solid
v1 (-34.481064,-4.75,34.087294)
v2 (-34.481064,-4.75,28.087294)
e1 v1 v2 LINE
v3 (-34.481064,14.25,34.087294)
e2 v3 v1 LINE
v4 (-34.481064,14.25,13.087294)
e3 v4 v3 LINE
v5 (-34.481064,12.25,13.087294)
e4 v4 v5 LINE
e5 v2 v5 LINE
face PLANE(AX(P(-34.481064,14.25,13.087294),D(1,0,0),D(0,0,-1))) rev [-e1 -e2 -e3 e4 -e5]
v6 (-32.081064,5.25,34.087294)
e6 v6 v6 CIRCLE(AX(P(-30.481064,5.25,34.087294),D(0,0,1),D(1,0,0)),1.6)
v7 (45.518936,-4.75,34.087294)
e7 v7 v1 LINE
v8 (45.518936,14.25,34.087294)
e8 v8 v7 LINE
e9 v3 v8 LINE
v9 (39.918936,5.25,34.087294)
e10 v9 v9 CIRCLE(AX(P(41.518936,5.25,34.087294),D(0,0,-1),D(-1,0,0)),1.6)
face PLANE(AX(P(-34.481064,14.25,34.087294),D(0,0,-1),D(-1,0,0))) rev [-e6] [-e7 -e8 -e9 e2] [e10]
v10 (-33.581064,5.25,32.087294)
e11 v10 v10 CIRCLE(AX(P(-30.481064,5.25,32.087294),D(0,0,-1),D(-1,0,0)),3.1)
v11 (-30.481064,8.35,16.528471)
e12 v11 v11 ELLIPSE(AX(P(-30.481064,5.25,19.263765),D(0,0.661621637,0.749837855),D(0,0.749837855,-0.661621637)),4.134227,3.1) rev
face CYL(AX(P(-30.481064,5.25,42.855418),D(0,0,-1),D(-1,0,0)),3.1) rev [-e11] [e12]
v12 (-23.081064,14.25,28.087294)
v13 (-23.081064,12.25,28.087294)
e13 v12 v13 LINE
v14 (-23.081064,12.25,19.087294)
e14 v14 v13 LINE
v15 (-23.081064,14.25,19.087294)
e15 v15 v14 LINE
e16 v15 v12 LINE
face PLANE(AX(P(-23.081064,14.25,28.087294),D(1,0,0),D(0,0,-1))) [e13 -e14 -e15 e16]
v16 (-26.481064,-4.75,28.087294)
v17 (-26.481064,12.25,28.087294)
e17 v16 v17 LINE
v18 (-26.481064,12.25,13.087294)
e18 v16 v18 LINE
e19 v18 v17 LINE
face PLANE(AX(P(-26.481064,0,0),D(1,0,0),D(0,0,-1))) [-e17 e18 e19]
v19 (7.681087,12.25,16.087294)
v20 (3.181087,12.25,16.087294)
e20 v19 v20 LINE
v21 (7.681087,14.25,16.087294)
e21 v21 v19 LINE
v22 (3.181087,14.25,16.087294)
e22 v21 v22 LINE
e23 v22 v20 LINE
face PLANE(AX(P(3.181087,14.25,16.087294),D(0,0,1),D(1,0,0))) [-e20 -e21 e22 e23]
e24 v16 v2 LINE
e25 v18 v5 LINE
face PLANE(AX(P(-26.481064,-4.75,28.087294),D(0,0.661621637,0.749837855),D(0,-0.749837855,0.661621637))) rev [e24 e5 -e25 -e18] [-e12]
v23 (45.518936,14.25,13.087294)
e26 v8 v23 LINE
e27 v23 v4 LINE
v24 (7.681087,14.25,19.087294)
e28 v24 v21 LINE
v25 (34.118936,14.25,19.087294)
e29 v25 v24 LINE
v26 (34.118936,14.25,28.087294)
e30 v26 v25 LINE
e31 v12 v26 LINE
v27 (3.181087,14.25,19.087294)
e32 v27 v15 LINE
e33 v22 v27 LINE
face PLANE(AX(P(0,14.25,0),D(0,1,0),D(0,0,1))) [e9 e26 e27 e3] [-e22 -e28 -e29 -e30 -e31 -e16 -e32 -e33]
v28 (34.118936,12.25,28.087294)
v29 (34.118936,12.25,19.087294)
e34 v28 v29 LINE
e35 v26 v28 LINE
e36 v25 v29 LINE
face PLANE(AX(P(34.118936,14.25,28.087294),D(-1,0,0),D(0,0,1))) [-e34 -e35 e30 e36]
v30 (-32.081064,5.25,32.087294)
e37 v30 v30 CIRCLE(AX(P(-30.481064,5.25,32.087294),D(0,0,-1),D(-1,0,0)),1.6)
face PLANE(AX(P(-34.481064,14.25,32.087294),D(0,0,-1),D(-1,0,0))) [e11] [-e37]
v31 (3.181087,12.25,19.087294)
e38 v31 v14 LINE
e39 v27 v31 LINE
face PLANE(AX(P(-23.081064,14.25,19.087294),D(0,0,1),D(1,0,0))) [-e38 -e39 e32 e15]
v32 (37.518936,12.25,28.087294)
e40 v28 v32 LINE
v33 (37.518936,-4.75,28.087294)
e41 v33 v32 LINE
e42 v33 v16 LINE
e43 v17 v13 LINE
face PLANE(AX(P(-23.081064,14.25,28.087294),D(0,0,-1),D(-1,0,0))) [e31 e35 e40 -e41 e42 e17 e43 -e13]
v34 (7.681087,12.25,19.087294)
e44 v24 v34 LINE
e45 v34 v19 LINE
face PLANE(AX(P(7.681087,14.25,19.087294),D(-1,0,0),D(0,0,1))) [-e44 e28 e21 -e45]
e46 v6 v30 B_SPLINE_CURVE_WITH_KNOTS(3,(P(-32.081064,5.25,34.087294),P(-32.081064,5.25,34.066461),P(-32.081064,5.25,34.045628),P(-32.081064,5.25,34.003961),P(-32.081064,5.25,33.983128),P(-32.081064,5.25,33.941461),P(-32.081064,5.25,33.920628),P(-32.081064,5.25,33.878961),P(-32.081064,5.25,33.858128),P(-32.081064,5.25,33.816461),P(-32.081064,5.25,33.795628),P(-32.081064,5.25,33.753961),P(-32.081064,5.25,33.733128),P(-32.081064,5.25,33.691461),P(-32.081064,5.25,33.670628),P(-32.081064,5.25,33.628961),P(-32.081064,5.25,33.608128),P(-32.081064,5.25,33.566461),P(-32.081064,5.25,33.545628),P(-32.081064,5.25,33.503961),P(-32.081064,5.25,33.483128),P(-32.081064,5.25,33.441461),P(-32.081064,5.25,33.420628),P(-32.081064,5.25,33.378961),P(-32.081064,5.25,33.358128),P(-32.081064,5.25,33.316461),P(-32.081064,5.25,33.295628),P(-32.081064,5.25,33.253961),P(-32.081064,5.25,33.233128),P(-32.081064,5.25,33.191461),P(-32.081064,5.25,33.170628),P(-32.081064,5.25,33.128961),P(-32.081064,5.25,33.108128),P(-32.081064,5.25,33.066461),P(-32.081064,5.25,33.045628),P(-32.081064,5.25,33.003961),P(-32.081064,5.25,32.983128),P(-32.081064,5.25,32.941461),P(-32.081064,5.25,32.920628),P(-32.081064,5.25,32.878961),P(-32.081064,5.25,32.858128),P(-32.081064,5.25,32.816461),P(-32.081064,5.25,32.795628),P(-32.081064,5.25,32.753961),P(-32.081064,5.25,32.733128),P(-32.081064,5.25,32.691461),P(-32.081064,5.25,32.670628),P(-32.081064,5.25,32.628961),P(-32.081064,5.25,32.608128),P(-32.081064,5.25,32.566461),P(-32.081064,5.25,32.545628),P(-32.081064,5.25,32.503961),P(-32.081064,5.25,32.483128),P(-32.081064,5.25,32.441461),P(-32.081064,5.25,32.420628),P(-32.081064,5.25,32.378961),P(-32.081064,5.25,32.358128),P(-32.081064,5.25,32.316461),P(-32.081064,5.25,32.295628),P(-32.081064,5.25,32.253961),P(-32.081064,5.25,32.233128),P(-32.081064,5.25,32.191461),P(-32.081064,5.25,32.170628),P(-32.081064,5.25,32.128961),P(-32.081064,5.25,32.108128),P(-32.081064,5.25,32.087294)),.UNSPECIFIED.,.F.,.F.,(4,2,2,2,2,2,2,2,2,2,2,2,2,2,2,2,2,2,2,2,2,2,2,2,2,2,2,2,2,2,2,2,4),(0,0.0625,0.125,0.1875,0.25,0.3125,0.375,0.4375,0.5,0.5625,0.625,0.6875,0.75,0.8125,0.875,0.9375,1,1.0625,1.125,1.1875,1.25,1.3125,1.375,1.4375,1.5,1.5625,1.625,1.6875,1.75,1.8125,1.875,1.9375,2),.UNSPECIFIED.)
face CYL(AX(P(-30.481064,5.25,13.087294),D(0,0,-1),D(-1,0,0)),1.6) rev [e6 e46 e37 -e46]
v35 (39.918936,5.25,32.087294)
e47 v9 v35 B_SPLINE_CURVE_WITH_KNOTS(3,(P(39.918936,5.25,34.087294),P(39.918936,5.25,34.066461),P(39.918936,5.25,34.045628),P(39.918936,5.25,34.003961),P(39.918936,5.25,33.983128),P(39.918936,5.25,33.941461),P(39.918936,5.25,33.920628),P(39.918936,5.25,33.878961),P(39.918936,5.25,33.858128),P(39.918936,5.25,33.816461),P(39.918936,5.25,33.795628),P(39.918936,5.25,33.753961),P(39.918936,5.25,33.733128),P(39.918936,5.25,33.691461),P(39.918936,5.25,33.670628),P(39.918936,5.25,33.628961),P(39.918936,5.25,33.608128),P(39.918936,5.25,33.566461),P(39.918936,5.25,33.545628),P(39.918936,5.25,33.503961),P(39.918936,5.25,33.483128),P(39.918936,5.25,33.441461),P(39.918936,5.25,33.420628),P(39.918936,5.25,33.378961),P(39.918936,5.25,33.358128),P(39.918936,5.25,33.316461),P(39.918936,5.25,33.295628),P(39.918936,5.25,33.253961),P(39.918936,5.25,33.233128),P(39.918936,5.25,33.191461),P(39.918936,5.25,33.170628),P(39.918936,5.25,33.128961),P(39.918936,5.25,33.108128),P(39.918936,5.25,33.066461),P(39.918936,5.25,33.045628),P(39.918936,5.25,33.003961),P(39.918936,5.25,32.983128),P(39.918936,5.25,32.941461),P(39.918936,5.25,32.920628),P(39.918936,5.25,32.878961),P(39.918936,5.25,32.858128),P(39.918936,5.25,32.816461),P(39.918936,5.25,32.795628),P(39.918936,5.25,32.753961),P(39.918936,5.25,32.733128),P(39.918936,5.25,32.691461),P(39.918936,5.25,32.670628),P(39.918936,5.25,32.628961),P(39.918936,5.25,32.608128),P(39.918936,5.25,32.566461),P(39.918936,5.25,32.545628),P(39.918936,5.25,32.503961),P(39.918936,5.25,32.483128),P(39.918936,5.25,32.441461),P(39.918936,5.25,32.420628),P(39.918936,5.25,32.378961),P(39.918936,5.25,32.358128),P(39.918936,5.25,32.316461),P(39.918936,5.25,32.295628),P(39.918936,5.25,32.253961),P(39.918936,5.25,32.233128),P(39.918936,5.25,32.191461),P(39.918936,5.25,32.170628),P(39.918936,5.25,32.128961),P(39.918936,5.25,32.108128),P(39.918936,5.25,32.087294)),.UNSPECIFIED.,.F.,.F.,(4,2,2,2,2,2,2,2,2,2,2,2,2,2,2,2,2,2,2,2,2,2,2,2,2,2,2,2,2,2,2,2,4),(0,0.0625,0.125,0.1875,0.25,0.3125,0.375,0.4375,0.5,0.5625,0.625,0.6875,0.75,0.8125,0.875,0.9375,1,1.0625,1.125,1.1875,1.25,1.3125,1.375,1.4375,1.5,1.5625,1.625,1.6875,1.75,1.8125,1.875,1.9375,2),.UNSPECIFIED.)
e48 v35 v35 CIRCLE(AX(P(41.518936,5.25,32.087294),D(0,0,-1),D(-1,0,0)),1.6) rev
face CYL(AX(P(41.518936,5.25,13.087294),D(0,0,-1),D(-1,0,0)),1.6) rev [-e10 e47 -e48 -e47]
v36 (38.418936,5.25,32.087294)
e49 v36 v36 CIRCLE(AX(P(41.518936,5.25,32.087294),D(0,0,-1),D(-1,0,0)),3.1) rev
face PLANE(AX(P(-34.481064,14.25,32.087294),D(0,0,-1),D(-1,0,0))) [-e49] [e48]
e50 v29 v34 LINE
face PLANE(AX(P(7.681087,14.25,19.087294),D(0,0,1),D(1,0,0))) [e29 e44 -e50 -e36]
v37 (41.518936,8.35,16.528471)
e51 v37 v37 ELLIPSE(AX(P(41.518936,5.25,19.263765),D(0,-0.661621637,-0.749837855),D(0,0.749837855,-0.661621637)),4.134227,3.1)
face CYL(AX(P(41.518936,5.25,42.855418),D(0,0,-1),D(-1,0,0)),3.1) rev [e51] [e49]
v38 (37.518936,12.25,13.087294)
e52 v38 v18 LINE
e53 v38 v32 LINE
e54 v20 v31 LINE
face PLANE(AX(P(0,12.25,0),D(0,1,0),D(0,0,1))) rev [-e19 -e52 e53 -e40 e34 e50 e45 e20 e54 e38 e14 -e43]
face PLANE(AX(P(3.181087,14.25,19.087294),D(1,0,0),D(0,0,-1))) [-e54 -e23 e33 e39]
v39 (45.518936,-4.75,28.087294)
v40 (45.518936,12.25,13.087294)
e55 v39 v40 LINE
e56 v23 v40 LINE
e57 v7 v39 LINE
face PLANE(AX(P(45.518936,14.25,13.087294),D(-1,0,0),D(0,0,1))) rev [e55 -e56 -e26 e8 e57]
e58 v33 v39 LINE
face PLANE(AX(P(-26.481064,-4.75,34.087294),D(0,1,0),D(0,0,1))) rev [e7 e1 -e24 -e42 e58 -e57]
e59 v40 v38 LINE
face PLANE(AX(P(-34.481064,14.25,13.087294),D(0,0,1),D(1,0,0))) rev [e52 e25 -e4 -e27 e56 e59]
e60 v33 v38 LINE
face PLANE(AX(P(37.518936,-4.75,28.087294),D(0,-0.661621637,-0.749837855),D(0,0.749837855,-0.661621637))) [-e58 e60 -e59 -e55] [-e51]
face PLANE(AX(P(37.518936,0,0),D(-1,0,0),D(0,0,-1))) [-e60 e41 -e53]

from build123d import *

# Parameters (mm, degrees)
SKETCH1_W           = 80
SKETCH1_H           = 21
BOSS_EXTRUDE1_DEPTH = 2
BOSS_EXTRUDE2_DEPTH = 8
SKETCH3_R           = 1.6
CUT_EXTRUDE1_DEPTH  = 59.625759514
CUT_EXTRUDE2_START  = 32.087294298
SKETCH3_5_R         = 3.1
SKETCH3_5_R_2       = 1.6
CUT_EXTRUDE2_DEPTH  = 32.087294298
SKETCH4_W           = 64
SKETCH4_H           = 6
BOSS_EXTRUDE5_DEPTH = 17


with BuildPart() as part:
    # Sketch1 → Boss-Extrude1 (new body)
    with BuildSketch(Plane(origin=(0, 12.25, 0), x_dir=(1, 0, 0), z_dir=(0, 1, 0))):
        with Locations((5.518936126, -23.587294298)):
            Rectangle(SKETCH1_W, SKETCH1_H)
        Polygon((-23.081063874, -28.087294298), (34.118936126, -28.087294298), (34.118936126, -19.087294298), (7.681087054, -19.087294298), (7.681087054, -16.087294298), (3.181087054, -16.087294298), (3.181087054, -19.087294298), (-23.081063874, -19.087294298), align=None, mode=Mode.SUBTRACT)
    extrude(amount=BOSS_EXTRUDE1_DEPTH)

    # Sketch2 → Boss-Extrude2 (add)
    with BuildSketch(Plane.ZY.offset(34.481063874)):
        Polygon((34.087294298, 12.25), (34.087294298, -4.75), (28.087294298, -4.75), (13.087294298, 12.25), align=None)
    boss_extrude2 = extrude(amount=-BOSS_EXTRUDE2_DEPTH)

    # Sketch3 → Cut-Extrude1 (cut, symmetric)
    with BuildSketch(Plane.XY):
        with Locations(Location((-30.481063874, 5.25, 0), (0, 0, 90))):
            Circle(SKETCH3_R)
    cut_extrude1 = extrude(amount=CUT_EXTRUDE1_DEPTH, both=True, mode=Mode.SUBTRACT)

    # Sketch3<5> → Cut-Extrude2 (cut)
    with BuildSketch(Plane.XY.offset(CUT_EXTRUDE2_START)):
        with Locations(Location((-30.481063874, 5.25, 0), (0, 0, 180))):
            Circle(SKETCH3_5_R)
        with Locations(Location((-30.481063874, 5.25, 0), (0, 0, 180))):
            Circle(SKETCH3_5_R_2, mode=Mode.SUBTRACT)
    cut_extrude2 = extrude(amount=-CUT_EXTRUDE2_DEPTH, mode=Mode.SUBTRACT)

    # Mirror1: Boss-Extrude2, Cut-Extrude1, Cut-Extrude2 across plane
    add(boss_extrude2.mirror(Plane.ZY.offset(-5.518936126)))
    add(cut_extrude1.mirror(Plane.ZY.offset(-5.518936126)), mode=Mode.SUBTRACT)
    add(cut_extrude2.mirror(Plane.ZY.offset(-5.518936126)), mode=Mode.SUBTRACT)

    # Sketch4 → Boss-Extrude5 (add)
    with BuildSketch(Plane.XZ.offset(-12.25)):
        with Locations((5.518936126, 31.087294298)):
            Rectangle(SKETCH4_W, SKETCH4_H)
    extrude(amount=BOSS_EXTRUDE5_DEPTH)


solid = part.part
